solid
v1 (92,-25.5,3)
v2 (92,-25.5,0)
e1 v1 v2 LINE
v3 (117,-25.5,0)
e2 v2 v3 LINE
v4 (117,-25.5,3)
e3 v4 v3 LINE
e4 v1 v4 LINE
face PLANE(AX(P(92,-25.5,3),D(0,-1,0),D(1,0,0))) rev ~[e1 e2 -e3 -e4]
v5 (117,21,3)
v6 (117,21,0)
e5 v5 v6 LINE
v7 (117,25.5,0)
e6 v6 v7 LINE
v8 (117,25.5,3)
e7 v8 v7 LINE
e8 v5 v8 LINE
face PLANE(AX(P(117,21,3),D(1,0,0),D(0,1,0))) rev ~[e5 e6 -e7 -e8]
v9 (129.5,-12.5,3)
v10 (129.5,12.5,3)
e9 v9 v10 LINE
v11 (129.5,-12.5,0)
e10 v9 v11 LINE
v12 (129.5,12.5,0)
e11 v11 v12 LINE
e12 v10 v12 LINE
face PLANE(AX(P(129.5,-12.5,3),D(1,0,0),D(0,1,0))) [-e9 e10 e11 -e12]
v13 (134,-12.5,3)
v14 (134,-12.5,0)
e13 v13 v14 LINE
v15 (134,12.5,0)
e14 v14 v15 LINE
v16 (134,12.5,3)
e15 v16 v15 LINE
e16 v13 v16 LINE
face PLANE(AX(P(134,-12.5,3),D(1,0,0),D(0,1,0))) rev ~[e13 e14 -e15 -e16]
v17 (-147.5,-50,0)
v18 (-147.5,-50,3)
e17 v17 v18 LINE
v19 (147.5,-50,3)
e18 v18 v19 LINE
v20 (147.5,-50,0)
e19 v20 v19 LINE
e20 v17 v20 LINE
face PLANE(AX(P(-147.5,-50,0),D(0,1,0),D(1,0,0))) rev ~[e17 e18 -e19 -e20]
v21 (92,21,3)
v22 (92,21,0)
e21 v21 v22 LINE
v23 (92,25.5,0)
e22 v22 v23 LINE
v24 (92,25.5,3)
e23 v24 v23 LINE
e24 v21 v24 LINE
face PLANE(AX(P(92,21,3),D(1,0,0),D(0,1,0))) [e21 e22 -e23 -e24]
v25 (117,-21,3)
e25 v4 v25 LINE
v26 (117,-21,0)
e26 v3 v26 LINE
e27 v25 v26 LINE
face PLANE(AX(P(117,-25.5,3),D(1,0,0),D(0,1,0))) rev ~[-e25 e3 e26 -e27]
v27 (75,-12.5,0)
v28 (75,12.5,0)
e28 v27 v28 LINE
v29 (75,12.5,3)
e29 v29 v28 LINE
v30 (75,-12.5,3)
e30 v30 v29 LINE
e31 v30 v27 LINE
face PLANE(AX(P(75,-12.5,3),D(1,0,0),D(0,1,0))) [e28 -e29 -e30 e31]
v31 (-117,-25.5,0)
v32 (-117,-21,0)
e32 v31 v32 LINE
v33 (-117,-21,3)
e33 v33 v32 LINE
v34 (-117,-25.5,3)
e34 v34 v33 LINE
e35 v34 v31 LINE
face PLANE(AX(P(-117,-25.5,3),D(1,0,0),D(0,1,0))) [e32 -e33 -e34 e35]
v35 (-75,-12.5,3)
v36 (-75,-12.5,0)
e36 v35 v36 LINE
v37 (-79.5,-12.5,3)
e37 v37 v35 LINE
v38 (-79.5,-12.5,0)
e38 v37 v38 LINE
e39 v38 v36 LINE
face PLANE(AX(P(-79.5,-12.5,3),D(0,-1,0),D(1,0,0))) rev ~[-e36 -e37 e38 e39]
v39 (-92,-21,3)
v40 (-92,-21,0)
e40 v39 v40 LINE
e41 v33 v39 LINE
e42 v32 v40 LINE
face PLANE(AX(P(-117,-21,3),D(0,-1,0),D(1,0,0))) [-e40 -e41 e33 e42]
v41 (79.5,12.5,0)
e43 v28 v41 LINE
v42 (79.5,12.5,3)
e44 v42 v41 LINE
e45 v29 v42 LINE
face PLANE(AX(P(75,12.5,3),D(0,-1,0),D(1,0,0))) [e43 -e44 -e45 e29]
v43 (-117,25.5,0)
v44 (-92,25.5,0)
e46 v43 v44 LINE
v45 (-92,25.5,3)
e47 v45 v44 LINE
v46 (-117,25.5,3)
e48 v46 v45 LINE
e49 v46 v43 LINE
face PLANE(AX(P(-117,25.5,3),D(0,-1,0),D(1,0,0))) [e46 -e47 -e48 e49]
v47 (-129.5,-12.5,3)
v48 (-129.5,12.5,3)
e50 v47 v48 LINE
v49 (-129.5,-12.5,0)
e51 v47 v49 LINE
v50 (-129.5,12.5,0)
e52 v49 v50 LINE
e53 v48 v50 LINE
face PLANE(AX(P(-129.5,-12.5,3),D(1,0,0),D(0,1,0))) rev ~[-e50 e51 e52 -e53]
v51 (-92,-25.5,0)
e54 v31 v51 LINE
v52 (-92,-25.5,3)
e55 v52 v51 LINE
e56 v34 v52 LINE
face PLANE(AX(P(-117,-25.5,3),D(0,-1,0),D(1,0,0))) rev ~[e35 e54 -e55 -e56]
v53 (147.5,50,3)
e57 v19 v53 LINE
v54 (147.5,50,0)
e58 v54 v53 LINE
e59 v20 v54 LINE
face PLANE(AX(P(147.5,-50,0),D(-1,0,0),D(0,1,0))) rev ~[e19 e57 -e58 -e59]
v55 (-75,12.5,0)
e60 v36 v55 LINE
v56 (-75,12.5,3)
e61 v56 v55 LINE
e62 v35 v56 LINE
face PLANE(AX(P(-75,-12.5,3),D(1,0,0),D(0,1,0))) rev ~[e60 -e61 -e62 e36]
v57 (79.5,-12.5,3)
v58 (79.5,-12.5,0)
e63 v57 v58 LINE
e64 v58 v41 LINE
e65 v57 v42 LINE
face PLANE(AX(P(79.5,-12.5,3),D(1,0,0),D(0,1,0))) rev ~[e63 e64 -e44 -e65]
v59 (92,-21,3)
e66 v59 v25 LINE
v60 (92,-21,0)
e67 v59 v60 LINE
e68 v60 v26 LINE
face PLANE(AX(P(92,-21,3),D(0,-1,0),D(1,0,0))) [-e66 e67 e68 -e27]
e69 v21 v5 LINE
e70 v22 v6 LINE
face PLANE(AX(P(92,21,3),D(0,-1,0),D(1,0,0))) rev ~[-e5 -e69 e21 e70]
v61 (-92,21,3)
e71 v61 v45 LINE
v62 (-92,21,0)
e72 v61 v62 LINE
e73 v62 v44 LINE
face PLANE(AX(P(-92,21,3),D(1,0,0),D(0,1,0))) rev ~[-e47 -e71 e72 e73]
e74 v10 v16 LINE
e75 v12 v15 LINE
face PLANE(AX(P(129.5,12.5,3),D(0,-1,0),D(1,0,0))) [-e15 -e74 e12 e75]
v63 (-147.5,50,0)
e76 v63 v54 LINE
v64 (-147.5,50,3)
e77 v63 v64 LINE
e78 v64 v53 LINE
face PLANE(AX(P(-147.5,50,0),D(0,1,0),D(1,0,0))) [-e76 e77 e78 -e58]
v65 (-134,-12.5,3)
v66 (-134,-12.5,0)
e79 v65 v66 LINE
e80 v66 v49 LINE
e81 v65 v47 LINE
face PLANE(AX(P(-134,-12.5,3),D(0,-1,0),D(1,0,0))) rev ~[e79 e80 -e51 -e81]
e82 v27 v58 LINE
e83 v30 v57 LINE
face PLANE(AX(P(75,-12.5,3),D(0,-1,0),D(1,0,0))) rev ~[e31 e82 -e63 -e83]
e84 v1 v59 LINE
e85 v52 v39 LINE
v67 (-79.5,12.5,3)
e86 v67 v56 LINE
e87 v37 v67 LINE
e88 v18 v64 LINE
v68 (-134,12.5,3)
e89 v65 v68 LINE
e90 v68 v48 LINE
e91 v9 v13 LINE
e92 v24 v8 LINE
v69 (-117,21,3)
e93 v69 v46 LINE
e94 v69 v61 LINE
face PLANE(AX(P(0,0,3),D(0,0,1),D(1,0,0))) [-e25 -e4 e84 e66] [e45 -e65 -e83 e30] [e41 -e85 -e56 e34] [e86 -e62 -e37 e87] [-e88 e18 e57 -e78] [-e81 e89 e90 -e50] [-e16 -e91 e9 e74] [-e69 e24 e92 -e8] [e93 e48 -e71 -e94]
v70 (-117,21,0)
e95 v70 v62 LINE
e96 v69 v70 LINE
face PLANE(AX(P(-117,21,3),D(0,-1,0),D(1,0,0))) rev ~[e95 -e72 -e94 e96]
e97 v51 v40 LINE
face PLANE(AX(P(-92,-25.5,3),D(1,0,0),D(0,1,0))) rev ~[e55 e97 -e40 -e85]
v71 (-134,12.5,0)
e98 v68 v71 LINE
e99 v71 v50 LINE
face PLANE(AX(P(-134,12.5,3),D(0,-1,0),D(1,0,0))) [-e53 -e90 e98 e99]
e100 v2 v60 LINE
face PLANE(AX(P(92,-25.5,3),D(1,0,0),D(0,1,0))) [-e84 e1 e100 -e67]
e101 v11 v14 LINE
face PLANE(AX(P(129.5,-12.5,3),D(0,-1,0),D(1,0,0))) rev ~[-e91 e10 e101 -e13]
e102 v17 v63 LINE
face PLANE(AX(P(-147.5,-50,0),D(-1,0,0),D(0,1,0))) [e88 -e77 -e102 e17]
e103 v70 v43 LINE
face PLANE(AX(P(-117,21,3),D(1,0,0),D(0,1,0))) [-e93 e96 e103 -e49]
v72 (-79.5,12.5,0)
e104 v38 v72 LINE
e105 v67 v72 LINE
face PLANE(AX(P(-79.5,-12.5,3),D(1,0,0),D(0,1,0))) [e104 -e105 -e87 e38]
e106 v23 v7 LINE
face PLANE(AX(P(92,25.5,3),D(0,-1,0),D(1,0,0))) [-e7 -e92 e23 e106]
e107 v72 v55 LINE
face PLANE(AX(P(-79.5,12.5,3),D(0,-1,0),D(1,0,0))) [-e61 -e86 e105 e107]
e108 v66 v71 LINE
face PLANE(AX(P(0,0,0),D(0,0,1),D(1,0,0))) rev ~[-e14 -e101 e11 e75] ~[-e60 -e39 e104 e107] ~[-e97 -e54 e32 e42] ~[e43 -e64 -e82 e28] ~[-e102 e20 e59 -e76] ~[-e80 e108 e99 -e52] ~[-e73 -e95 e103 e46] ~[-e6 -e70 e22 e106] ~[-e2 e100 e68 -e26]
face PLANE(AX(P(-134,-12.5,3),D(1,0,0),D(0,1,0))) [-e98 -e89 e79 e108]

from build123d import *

# Parameters (mm, degrees)
ESBO_O1_W                = 295
ESBO_O1_H                = 100
RESSALTO_EXTRUS_O1_DEPTH = 3
ESBO_O2_W                = 4.5
ESBO_O2_H                = 25
ESBO_O2_W_2              = 25
ESBO_O2_H_2              = 4.5
CORTE_EXTRUS_O1_DEPTH    = 156.773072127


with BuildPart() as part:
    # Esboço1 → Ressalto-extrusão1 (new body)
    with BuildSketch(Plane.XY):
        Rectangle(ESBO_O1_W, ESBO_O1_H)
    extrude(amount=RESSALTO_EXTRUS_O1_DEPTH)

    # Esboço2 → Corte-extrusão1 (cut, through all)
    with BuildSketch(Plane.XY.offset(3)):
        with Locations((131.75, 0)):
            Rectangle(ESBO_O2_W, ESBO_O2_H)
        with Locations((-77.25, 0)):
            Rectangle(ESBO_O2_W, ESBO_O2_H)
        with Locations((-131.75, 0)):
            Rectangle(ESBO_O2_W, ESBO_O2_H)
        with Locations((-104.5, 23.25)):
            Rectangle(ESBO_O2_W_2, ESBO_O2_H_2)
        with Locations((-104.5, -23.25)):
            Rectangle(ESBO_O2_W_2, ESBO_O2_H_2)
        with Locations((77.25, 0)):
            Rectangle(ESBO_O2_W, ESBO_O2_H)
        with Locations((104.5, -23.25)):
            Rectangle(ESBO_O2_W_2, ESBO_O2_H_2)
        with Locations((104.5, 23.25)):
            Rectangle(ESBO_O2_W_2, ESBO_O2_H_2)
    extrude(amount=-CORTE_EXTRUS_O1_DEPTH, mode=Mode.SUBTRACT)


solid = part.part
